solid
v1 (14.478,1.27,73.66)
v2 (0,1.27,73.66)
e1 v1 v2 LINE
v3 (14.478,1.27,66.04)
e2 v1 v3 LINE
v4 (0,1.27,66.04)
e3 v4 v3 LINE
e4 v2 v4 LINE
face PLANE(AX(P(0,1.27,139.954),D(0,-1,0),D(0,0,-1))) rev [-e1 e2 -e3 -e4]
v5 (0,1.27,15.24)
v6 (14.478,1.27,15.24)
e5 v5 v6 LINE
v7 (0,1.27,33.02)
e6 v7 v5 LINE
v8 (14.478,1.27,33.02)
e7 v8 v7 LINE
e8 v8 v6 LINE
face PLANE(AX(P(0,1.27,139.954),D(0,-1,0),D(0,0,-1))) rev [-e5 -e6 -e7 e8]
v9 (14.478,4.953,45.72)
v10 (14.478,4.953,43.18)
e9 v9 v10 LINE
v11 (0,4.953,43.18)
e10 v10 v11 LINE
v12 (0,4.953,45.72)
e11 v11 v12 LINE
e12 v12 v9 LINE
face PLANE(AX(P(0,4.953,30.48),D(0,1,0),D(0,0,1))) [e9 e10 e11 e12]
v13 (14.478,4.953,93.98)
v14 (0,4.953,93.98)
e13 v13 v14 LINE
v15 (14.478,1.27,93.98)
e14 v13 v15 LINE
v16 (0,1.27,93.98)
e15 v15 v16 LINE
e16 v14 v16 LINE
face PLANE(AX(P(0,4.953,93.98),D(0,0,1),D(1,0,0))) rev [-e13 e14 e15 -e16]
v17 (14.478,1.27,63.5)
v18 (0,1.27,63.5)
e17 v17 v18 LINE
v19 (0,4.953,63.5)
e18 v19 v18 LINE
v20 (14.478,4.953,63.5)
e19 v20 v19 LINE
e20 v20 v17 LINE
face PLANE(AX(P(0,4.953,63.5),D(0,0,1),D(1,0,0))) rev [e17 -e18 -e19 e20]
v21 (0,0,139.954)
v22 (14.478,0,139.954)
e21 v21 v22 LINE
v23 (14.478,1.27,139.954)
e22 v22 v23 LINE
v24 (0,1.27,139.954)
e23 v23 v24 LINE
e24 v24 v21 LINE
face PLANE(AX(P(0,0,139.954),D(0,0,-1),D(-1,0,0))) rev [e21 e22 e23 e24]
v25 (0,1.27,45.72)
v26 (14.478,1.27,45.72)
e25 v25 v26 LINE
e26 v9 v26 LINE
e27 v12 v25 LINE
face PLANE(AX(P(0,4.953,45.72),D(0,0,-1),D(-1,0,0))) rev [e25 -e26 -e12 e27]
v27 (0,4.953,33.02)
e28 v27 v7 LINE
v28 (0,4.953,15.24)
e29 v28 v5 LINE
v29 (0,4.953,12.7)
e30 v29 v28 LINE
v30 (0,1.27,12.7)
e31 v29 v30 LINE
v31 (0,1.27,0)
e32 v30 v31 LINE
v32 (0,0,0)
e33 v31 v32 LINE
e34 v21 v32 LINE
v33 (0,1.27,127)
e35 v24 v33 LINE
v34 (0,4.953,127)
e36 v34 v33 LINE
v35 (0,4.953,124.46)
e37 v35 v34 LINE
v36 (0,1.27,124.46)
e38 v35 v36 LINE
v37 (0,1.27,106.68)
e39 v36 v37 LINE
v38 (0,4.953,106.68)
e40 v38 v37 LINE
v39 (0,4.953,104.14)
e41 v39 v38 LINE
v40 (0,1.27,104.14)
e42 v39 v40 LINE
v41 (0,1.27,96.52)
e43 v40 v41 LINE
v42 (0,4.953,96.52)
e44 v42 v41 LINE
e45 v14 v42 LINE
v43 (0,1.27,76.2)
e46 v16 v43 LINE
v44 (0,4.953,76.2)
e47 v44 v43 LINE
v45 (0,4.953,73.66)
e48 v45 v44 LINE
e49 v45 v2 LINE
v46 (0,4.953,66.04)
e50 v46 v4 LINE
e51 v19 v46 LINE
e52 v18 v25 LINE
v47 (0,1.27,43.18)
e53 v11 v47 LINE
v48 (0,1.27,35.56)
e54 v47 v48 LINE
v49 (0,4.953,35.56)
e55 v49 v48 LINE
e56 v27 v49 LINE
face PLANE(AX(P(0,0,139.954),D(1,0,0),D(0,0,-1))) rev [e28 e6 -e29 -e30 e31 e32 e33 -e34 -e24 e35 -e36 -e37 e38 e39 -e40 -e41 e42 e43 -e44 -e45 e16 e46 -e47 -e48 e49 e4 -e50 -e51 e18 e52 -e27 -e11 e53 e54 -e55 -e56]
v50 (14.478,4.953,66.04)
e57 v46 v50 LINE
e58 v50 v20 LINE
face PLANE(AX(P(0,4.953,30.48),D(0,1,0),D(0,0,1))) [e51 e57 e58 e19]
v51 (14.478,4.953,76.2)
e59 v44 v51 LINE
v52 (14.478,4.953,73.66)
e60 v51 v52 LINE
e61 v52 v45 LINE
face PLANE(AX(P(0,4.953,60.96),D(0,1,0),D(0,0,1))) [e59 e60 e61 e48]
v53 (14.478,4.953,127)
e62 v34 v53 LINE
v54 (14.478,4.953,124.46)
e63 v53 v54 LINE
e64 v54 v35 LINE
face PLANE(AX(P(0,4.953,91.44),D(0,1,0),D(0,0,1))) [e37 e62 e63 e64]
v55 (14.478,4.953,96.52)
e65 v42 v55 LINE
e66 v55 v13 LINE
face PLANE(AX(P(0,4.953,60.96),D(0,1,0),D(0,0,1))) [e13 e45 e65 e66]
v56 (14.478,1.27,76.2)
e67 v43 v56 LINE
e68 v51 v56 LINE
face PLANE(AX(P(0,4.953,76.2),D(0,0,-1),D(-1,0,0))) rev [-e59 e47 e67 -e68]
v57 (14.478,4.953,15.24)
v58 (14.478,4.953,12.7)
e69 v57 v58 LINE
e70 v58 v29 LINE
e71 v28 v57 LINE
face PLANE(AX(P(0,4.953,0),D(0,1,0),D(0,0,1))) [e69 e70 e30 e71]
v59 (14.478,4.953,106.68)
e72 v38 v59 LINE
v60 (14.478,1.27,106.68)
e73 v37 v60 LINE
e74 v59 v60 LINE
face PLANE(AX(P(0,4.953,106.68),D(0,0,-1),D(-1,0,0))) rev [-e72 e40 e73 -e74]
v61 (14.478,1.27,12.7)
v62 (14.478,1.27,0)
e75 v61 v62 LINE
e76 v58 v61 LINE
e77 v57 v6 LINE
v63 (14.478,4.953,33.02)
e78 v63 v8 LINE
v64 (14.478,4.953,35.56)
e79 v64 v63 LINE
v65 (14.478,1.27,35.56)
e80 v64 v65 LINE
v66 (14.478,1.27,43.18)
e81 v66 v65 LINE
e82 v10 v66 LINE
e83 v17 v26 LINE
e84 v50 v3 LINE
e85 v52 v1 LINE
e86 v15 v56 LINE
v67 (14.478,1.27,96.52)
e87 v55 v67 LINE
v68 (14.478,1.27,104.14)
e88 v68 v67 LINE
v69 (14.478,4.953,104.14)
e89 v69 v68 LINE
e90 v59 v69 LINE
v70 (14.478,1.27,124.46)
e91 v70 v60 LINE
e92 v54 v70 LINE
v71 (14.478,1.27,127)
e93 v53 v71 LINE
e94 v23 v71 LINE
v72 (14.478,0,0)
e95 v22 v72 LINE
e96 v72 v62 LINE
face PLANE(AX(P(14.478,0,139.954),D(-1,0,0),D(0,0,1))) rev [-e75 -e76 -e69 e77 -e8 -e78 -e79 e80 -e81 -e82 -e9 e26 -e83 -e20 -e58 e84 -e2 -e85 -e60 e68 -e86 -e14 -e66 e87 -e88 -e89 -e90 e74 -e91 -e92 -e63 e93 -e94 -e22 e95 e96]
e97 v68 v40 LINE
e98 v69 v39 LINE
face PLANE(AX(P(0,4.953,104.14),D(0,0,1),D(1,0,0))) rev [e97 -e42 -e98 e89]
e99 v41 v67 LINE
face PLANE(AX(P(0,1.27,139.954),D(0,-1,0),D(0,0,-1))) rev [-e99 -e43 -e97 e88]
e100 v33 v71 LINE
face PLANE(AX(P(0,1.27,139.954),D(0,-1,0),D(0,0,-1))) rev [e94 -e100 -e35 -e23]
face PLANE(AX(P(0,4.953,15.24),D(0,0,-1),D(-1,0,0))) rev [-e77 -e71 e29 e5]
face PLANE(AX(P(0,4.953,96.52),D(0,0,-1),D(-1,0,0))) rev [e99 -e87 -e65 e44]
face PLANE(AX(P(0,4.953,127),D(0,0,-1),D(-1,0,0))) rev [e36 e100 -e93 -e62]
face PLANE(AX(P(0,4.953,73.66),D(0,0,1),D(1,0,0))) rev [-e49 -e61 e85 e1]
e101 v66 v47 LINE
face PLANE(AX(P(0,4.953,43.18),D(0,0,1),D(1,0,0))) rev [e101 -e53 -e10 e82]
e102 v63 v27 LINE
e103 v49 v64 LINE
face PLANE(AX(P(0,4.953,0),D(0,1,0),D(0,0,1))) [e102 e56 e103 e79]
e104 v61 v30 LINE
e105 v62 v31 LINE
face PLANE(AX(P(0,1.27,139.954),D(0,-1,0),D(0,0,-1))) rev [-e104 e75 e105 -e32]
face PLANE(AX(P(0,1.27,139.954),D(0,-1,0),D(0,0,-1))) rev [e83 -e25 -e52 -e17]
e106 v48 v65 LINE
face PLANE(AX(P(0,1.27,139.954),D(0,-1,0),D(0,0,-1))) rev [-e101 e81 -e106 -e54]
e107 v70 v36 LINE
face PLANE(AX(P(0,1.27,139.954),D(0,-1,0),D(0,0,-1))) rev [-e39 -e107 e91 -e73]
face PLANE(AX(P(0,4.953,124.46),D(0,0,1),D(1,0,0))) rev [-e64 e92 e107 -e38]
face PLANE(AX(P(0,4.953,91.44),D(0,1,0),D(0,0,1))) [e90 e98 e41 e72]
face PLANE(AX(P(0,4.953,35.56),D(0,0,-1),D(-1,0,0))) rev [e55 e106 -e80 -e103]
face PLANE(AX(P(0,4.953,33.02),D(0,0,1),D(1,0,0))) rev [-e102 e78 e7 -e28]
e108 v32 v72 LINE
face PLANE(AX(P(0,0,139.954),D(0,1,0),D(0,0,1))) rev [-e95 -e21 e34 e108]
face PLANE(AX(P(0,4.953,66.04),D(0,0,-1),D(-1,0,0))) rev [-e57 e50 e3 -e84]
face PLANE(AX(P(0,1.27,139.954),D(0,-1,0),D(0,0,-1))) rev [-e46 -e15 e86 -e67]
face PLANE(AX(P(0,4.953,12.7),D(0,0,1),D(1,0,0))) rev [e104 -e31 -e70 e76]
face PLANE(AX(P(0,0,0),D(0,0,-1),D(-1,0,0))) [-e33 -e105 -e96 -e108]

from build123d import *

# Parameters (mm, degrees)
SKETCH1_W           = 14.478
SKETCH1_H           = 1.27
BOSS_EXTRUDE1_DEPTH = 139.954
SKETCH2_W           = 14.478
SKETCH2_H           = 2.54
BOSS_EXTRUDE2_DEPTH = 3.683
LPATTERN1_COUNT     = 4
LPATTERN1_PITCH     = 30.48


with BuildPart() as part:
    # Sketch1 → Boss-Extrude1 (new body)
    with BuildSketch(Plane.XY):
        with Locations((7.239, 0.635)):
            Rectangle(SKETCH1_W, SKETCH1_H)
    extrude(amount=BOSS_EXTRUDE1_DEPTH)

    # Sketch2 → Boss-Extrude2 (add)
    with BuildSketch(Plane(origin=(0, 1.27, 0), x_dir=(1, 0, 0), z_dir=(0, 1, 0))):
        with Locations((7.239, -13.97)):
            Rectangle(SKETCH2_W, SKETCH2_H)
        with Locations((7.239, -34.29)):
            Rectangle(SKETCH2_W, SKETCH2_H)
    boss_extrude2 = extrude(amount=BOSS_EXTRUDE2_DEPTH)

    # LPattern1: Boss-Extrude2 ×4
    with Locations(*[(0, 0, i * LPATTERN1_PITCH) for i in range(1, LPATTERN1_COUNT)]):
        add(boss_extrude2)


solid = part.part
